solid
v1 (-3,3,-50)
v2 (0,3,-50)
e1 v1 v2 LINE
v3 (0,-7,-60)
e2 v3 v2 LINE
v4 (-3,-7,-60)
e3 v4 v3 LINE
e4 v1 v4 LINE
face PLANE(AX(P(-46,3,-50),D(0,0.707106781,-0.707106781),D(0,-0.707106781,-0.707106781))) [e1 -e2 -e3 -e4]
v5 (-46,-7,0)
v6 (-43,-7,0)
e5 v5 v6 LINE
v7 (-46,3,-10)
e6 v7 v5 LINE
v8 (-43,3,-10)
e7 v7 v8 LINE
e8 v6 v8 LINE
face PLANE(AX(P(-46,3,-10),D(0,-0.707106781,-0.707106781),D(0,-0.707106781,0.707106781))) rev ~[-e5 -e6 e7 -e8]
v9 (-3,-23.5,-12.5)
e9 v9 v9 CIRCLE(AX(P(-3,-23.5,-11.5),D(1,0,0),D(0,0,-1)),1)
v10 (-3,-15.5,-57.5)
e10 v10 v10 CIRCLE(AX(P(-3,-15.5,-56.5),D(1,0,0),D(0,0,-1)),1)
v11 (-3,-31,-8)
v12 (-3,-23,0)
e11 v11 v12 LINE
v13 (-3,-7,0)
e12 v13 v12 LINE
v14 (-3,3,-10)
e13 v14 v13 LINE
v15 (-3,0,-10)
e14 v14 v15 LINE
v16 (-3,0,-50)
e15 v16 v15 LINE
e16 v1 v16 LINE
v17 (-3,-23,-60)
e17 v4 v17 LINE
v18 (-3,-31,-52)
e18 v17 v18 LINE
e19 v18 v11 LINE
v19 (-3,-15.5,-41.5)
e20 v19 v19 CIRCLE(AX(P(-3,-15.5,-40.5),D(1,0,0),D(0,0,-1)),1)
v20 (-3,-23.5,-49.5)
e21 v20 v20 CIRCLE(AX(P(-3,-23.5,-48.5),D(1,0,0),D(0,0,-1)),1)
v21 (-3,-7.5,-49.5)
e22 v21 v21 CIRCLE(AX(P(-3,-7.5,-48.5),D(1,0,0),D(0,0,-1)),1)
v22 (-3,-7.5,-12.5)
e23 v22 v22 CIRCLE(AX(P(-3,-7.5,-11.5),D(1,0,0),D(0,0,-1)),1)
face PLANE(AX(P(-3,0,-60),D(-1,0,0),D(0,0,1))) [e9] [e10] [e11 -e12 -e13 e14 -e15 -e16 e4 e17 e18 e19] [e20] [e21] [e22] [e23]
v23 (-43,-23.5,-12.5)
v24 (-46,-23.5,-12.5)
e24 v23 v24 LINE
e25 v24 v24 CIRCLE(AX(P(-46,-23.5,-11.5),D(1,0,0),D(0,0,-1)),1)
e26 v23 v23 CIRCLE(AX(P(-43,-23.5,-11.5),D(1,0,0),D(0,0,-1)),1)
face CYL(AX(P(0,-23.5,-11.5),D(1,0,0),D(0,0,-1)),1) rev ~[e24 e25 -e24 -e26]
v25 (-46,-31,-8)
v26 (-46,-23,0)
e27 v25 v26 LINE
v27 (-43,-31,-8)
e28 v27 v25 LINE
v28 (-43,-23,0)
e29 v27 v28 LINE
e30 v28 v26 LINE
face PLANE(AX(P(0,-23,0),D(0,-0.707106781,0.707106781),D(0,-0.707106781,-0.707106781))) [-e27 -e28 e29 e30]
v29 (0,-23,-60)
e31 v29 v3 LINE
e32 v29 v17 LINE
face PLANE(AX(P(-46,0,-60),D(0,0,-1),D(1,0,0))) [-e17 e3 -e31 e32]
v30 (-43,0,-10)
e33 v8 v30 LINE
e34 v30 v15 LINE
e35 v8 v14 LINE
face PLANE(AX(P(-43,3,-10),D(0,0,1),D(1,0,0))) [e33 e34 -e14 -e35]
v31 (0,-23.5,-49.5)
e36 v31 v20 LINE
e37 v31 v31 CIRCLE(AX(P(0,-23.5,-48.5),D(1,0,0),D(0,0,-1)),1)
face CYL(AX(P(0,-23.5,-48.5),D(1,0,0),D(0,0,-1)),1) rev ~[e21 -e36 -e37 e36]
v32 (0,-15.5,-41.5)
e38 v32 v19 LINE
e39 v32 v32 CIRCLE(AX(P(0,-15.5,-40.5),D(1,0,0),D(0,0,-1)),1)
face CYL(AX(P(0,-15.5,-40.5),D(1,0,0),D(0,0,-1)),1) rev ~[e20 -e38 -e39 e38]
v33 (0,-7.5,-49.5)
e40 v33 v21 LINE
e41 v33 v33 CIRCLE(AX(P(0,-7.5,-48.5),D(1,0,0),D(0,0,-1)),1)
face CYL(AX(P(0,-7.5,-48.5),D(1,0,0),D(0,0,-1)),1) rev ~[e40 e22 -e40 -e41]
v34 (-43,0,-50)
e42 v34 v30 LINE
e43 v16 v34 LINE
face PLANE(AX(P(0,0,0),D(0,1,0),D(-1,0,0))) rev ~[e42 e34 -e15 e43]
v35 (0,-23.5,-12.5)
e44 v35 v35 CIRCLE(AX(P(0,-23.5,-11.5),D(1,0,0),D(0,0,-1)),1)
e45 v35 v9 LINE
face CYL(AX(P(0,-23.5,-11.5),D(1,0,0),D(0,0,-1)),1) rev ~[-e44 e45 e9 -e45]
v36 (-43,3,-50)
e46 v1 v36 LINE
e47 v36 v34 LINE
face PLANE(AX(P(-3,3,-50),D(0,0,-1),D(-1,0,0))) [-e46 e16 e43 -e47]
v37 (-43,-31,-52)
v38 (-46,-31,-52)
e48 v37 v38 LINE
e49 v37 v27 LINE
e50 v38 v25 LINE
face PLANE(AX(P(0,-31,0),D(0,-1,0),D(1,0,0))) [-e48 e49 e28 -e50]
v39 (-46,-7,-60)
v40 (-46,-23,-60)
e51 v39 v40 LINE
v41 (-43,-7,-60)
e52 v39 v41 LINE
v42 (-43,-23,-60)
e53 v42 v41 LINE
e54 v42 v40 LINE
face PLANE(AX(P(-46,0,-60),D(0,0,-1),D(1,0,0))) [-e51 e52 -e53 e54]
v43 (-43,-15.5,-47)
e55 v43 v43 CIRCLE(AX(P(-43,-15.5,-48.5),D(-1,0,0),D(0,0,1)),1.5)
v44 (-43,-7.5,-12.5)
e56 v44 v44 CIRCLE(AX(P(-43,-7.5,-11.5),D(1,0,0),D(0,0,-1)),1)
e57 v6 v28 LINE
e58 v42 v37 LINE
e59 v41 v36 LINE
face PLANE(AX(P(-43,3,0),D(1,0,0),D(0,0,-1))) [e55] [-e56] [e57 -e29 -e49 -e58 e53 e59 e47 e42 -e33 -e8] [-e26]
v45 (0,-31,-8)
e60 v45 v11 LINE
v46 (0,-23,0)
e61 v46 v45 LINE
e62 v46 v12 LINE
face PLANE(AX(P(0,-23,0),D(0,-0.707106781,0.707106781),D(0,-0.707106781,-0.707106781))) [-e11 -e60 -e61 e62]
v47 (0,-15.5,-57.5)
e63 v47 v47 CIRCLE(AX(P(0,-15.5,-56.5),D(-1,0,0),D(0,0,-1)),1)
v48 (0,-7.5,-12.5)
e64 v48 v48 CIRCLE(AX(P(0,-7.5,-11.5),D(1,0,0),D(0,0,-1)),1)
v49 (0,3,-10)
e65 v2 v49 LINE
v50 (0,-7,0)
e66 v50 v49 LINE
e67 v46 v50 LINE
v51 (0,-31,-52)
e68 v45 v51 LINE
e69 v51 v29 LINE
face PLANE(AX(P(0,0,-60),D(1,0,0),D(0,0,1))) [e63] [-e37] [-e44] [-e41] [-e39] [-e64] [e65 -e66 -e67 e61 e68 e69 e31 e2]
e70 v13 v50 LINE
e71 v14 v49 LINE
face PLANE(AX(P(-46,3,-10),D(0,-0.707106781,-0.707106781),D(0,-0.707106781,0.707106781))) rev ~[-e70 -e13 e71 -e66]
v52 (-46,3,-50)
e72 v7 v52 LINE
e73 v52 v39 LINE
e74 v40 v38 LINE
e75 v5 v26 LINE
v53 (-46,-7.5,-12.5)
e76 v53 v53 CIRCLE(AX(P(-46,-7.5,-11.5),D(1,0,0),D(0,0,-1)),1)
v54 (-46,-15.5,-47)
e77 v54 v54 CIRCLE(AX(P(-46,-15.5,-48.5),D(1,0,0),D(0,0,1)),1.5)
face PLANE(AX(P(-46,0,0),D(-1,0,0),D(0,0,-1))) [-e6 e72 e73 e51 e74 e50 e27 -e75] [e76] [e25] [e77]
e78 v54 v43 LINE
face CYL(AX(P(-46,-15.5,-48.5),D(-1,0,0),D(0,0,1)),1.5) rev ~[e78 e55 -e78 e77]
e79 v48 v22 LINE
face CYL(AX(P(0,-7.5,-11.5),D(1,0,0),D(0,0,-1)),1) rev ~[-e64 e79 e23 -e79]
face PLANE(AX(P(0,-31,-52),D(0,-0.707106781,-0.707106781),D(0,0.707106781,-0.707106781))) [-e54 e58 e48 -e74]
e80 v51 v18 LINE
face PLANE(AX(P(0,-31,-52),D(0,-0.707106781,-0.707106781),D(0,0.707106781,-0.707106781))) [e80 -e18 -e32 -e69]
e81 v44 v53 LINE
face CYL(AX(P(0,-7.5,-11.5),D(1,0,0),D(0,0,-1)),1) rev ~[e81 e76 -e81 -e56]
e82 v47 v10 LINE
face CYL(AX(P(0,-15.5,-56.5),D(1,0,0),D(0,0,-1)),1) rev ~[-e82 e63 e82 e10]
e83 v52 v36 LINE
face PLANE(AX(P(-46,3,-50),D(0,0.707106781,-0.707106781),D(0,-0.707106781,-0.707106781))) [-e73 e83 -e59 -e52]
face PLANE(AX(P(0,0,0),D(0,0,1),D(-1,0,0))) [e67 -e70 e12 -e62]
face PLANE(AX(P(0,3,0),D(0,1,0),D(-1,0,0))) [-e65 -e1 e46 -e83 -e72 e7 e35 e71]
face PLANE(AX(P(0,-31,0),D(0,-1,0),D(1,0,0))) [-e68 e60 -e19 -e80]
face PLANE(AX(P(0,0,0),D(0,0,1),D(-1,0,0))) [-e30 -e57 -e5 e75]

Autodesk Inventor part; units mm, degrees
ref_plane "YZ Plane" through (0, 0, 0) normal (1, 0, 0) x (0, 1, 0)
ref_plane "XZ Plane" through (0, 0, 0) normal (0, 1, 0) x (-1, 0, 0)
ref_plane "XY Plane" through (0, 0, 0) normal (0, 0, 1) x (1, 0, 0)
sketch "Sketch1" plane through (0, 0, 0) normal (0, 1, 0) x (-1, 0, 0)
  line L0 (0, 0) -> (46, 0)
  line L1 (46, 0) -> (46, -60)
  line L2 (46, -60) -> (0, -60)
  line L3 (0, -60) -> (0, 0)
  dimension "d0" = 46
  dimension "d1" = 60
extrude "Extrusion1" add sketch "Sketch1" along normal blind 3
sketch "Sketch2" plane through (0, 0, 0) normal (0, -1, 0) x (1, 0, 0)
  line L0 (-46, -60) -> (-46, 0) projected
  line L1 (-46, 0) -> (0, 0) projected
  line L2 (-46, -60) -> (-43, -60)
  line L3 (-43, -60) -> (-43, 0)
  line L4 (-43, 0) -> (-46, 0)
  line L5 (-46, 0) -> (-46, -60)
  line L6 (0, -60) -> (-46, -60) projected
  line L7 (0, -60) -> (-3, -60)
  line L8 (-3, -60) -> (-3, 0)
  line L9 (-3, 0) -> (0, 0)
  line L10 (0, 0) -> (0, -60)
  dimension "d4" = 3
  dimension "d5" = 3
  dimension "d6" = 60
extrude "Extrusion2" add sketch "Sketch2" along normal blind 31 contours L0 L1 L3 L2 | L8 L1 L10 L6
sketch "Sketch3" plane through (0, 3, 0) normal (1, 0, 0) x (0, 0, -1)
  line L0 (0, -3) -> (0, -34) projected
  line L1 (60, -3) -> (60, -34) projected
  line L2 (60, -18.5) -> (48.5, -18.5)
  circle A0 centre (40.5, -18.5) radius 1
  circle A1 centre (48.5, -26.5) radius 1
  circle A2 centre (56.5, -18.5) radius 1
  circle A3 centre (48.5, -10.5) radius 1
  line L3 (60, -34) -> (0, -34) projected
  dimension "d16" = 11.5
  dimension "d17" = 2
  dimension "d18" = 8
  dimension "d21" = 360
  dimension "d40" = 15.5
extrude "Extrusion3" cut sketch "Sketch3" against normal blind 3
sketch "Sketch4" plane through (0, 3, 0) normal (1, 0, 0) x (0, 0, -1)
  point P0 (0, -3)
sketch "Sketch5" plane through (0, 3, 0) normal (1, 0, 0) x (0, 0, -1)
  line L0 (0, -34) -> (0, 0) projected
  line L1 (0, -26) -> (8, -34)
  line L2 (60, -34) -> (0, -34) projected
  line L3 (52, -34) -> (60, -26)
  line L4 (60, 0) -> (60, -34) projected
  point P0 (0, -3)
  dimension "d25" = 8
  dimension "d26" = 8
  dimension "d27" = 8
  dimension "d28" = 8
extrude "Extrusion4" cut sketch "Sketch5" against normal blind 50
sketch "Sketch6" plane through (0, 3, 0) normal (0, 1, 0) x (1, 0, 0)
  line L0 (-3, 60) -> (-3, 0) projected
  line L1 (-43, 60) -> (-3, 60)
  line L2 (-3, 60) -> (-3, 50)
  line L3 (-3, 50) -> (-43, 50)
  line L4 (-43, 50) -> (-43, 60)
  line L5 (-43, 0) -> (-3, 0) projected
  line L6 (-3, 0) -> (-43, 0)
  line L7 (-43, 0) -> (-43, 10)
  line L8 (-43, 10) -> (-3, 10)
  line L9 (-3, 10) -> (-3, 0)
  point P0 (0, 0)
  dimension "d31" = 10
  dimension "d32" = 40
  dimension "d33" = 10
extrude "Extrusion5" cut sketch "Sketch6" against normal blind 10
sketch "Sketch8" plane through (-46, 3, -60) normal (-1, 0, 0) x (0, 0, 1)
  line L0 (8, -34) -> (52, -34) projected
  line L1 (11.5, -34) -> (11.5, -18.5)
  line L2 (11.5, -34) -> (27, -34) construction
  circle A0 centre (11.5, -18.5) radius 1.5
  line L3 (0, -26) -> (0, 0) projected
  point P0 (60, -3)
  dimension "d38" = 15.5
  dimension "d39" = 90
  dimension "d41" = 3
  dimension "d42" = 11.5
extrude "Extrusion7" cut sketch "Sketch8" against normal blind 3
sketch "Sketch9" plane through (0, 3, 0) normal (1, 0, 0) x (0, 0, -1)
  line L0 (0, -26) -> (0, 0) projected
  line L1 (0, -18.5) -> (11.5, -18.5)
  line L2 (0, -18.5) -> (11.5, -18.5) construction
  line L3 (52, -34) -> (8, -34) projected
  circle A0 centre (11.5, -10.5) radius 1
  circle A1 centre (11.5, -26.5) radius 1
  point P0 (0, -3)
  dimension "d47" = 11.5
  dimension "d49" = 15.5
  dimension "d50" = 2
  dimension "d51" = 8
extrude "Extrusion8" cut sketch "Sketch9" against normal blind 50
sketch "Sketch10" plane through (-46, 3, -60) normal (-1, 0, 0) x (0, 0, 1)
  line L0 (10, 0) -> (10, -3) projected
  line L1 (10, 0) -> (0, -10)
  line L2 (0, 0) -> (0, -26) projected
  line L3 (0, 0) -> (60, 0) projected
  line L4 (50, 0) -> (60, -10)
  line L5 (60, -26) -> (60, 0) projected
  point P0 (60, -3)
  dimension "d54" = 10
  dimension "d55" = 10
  dimension "d56" = 10
  dimension "d57" = 10
extrude "Extrusion9" cut sketch "Sketch10" against normal blind 50
properties part number "second_junction"
